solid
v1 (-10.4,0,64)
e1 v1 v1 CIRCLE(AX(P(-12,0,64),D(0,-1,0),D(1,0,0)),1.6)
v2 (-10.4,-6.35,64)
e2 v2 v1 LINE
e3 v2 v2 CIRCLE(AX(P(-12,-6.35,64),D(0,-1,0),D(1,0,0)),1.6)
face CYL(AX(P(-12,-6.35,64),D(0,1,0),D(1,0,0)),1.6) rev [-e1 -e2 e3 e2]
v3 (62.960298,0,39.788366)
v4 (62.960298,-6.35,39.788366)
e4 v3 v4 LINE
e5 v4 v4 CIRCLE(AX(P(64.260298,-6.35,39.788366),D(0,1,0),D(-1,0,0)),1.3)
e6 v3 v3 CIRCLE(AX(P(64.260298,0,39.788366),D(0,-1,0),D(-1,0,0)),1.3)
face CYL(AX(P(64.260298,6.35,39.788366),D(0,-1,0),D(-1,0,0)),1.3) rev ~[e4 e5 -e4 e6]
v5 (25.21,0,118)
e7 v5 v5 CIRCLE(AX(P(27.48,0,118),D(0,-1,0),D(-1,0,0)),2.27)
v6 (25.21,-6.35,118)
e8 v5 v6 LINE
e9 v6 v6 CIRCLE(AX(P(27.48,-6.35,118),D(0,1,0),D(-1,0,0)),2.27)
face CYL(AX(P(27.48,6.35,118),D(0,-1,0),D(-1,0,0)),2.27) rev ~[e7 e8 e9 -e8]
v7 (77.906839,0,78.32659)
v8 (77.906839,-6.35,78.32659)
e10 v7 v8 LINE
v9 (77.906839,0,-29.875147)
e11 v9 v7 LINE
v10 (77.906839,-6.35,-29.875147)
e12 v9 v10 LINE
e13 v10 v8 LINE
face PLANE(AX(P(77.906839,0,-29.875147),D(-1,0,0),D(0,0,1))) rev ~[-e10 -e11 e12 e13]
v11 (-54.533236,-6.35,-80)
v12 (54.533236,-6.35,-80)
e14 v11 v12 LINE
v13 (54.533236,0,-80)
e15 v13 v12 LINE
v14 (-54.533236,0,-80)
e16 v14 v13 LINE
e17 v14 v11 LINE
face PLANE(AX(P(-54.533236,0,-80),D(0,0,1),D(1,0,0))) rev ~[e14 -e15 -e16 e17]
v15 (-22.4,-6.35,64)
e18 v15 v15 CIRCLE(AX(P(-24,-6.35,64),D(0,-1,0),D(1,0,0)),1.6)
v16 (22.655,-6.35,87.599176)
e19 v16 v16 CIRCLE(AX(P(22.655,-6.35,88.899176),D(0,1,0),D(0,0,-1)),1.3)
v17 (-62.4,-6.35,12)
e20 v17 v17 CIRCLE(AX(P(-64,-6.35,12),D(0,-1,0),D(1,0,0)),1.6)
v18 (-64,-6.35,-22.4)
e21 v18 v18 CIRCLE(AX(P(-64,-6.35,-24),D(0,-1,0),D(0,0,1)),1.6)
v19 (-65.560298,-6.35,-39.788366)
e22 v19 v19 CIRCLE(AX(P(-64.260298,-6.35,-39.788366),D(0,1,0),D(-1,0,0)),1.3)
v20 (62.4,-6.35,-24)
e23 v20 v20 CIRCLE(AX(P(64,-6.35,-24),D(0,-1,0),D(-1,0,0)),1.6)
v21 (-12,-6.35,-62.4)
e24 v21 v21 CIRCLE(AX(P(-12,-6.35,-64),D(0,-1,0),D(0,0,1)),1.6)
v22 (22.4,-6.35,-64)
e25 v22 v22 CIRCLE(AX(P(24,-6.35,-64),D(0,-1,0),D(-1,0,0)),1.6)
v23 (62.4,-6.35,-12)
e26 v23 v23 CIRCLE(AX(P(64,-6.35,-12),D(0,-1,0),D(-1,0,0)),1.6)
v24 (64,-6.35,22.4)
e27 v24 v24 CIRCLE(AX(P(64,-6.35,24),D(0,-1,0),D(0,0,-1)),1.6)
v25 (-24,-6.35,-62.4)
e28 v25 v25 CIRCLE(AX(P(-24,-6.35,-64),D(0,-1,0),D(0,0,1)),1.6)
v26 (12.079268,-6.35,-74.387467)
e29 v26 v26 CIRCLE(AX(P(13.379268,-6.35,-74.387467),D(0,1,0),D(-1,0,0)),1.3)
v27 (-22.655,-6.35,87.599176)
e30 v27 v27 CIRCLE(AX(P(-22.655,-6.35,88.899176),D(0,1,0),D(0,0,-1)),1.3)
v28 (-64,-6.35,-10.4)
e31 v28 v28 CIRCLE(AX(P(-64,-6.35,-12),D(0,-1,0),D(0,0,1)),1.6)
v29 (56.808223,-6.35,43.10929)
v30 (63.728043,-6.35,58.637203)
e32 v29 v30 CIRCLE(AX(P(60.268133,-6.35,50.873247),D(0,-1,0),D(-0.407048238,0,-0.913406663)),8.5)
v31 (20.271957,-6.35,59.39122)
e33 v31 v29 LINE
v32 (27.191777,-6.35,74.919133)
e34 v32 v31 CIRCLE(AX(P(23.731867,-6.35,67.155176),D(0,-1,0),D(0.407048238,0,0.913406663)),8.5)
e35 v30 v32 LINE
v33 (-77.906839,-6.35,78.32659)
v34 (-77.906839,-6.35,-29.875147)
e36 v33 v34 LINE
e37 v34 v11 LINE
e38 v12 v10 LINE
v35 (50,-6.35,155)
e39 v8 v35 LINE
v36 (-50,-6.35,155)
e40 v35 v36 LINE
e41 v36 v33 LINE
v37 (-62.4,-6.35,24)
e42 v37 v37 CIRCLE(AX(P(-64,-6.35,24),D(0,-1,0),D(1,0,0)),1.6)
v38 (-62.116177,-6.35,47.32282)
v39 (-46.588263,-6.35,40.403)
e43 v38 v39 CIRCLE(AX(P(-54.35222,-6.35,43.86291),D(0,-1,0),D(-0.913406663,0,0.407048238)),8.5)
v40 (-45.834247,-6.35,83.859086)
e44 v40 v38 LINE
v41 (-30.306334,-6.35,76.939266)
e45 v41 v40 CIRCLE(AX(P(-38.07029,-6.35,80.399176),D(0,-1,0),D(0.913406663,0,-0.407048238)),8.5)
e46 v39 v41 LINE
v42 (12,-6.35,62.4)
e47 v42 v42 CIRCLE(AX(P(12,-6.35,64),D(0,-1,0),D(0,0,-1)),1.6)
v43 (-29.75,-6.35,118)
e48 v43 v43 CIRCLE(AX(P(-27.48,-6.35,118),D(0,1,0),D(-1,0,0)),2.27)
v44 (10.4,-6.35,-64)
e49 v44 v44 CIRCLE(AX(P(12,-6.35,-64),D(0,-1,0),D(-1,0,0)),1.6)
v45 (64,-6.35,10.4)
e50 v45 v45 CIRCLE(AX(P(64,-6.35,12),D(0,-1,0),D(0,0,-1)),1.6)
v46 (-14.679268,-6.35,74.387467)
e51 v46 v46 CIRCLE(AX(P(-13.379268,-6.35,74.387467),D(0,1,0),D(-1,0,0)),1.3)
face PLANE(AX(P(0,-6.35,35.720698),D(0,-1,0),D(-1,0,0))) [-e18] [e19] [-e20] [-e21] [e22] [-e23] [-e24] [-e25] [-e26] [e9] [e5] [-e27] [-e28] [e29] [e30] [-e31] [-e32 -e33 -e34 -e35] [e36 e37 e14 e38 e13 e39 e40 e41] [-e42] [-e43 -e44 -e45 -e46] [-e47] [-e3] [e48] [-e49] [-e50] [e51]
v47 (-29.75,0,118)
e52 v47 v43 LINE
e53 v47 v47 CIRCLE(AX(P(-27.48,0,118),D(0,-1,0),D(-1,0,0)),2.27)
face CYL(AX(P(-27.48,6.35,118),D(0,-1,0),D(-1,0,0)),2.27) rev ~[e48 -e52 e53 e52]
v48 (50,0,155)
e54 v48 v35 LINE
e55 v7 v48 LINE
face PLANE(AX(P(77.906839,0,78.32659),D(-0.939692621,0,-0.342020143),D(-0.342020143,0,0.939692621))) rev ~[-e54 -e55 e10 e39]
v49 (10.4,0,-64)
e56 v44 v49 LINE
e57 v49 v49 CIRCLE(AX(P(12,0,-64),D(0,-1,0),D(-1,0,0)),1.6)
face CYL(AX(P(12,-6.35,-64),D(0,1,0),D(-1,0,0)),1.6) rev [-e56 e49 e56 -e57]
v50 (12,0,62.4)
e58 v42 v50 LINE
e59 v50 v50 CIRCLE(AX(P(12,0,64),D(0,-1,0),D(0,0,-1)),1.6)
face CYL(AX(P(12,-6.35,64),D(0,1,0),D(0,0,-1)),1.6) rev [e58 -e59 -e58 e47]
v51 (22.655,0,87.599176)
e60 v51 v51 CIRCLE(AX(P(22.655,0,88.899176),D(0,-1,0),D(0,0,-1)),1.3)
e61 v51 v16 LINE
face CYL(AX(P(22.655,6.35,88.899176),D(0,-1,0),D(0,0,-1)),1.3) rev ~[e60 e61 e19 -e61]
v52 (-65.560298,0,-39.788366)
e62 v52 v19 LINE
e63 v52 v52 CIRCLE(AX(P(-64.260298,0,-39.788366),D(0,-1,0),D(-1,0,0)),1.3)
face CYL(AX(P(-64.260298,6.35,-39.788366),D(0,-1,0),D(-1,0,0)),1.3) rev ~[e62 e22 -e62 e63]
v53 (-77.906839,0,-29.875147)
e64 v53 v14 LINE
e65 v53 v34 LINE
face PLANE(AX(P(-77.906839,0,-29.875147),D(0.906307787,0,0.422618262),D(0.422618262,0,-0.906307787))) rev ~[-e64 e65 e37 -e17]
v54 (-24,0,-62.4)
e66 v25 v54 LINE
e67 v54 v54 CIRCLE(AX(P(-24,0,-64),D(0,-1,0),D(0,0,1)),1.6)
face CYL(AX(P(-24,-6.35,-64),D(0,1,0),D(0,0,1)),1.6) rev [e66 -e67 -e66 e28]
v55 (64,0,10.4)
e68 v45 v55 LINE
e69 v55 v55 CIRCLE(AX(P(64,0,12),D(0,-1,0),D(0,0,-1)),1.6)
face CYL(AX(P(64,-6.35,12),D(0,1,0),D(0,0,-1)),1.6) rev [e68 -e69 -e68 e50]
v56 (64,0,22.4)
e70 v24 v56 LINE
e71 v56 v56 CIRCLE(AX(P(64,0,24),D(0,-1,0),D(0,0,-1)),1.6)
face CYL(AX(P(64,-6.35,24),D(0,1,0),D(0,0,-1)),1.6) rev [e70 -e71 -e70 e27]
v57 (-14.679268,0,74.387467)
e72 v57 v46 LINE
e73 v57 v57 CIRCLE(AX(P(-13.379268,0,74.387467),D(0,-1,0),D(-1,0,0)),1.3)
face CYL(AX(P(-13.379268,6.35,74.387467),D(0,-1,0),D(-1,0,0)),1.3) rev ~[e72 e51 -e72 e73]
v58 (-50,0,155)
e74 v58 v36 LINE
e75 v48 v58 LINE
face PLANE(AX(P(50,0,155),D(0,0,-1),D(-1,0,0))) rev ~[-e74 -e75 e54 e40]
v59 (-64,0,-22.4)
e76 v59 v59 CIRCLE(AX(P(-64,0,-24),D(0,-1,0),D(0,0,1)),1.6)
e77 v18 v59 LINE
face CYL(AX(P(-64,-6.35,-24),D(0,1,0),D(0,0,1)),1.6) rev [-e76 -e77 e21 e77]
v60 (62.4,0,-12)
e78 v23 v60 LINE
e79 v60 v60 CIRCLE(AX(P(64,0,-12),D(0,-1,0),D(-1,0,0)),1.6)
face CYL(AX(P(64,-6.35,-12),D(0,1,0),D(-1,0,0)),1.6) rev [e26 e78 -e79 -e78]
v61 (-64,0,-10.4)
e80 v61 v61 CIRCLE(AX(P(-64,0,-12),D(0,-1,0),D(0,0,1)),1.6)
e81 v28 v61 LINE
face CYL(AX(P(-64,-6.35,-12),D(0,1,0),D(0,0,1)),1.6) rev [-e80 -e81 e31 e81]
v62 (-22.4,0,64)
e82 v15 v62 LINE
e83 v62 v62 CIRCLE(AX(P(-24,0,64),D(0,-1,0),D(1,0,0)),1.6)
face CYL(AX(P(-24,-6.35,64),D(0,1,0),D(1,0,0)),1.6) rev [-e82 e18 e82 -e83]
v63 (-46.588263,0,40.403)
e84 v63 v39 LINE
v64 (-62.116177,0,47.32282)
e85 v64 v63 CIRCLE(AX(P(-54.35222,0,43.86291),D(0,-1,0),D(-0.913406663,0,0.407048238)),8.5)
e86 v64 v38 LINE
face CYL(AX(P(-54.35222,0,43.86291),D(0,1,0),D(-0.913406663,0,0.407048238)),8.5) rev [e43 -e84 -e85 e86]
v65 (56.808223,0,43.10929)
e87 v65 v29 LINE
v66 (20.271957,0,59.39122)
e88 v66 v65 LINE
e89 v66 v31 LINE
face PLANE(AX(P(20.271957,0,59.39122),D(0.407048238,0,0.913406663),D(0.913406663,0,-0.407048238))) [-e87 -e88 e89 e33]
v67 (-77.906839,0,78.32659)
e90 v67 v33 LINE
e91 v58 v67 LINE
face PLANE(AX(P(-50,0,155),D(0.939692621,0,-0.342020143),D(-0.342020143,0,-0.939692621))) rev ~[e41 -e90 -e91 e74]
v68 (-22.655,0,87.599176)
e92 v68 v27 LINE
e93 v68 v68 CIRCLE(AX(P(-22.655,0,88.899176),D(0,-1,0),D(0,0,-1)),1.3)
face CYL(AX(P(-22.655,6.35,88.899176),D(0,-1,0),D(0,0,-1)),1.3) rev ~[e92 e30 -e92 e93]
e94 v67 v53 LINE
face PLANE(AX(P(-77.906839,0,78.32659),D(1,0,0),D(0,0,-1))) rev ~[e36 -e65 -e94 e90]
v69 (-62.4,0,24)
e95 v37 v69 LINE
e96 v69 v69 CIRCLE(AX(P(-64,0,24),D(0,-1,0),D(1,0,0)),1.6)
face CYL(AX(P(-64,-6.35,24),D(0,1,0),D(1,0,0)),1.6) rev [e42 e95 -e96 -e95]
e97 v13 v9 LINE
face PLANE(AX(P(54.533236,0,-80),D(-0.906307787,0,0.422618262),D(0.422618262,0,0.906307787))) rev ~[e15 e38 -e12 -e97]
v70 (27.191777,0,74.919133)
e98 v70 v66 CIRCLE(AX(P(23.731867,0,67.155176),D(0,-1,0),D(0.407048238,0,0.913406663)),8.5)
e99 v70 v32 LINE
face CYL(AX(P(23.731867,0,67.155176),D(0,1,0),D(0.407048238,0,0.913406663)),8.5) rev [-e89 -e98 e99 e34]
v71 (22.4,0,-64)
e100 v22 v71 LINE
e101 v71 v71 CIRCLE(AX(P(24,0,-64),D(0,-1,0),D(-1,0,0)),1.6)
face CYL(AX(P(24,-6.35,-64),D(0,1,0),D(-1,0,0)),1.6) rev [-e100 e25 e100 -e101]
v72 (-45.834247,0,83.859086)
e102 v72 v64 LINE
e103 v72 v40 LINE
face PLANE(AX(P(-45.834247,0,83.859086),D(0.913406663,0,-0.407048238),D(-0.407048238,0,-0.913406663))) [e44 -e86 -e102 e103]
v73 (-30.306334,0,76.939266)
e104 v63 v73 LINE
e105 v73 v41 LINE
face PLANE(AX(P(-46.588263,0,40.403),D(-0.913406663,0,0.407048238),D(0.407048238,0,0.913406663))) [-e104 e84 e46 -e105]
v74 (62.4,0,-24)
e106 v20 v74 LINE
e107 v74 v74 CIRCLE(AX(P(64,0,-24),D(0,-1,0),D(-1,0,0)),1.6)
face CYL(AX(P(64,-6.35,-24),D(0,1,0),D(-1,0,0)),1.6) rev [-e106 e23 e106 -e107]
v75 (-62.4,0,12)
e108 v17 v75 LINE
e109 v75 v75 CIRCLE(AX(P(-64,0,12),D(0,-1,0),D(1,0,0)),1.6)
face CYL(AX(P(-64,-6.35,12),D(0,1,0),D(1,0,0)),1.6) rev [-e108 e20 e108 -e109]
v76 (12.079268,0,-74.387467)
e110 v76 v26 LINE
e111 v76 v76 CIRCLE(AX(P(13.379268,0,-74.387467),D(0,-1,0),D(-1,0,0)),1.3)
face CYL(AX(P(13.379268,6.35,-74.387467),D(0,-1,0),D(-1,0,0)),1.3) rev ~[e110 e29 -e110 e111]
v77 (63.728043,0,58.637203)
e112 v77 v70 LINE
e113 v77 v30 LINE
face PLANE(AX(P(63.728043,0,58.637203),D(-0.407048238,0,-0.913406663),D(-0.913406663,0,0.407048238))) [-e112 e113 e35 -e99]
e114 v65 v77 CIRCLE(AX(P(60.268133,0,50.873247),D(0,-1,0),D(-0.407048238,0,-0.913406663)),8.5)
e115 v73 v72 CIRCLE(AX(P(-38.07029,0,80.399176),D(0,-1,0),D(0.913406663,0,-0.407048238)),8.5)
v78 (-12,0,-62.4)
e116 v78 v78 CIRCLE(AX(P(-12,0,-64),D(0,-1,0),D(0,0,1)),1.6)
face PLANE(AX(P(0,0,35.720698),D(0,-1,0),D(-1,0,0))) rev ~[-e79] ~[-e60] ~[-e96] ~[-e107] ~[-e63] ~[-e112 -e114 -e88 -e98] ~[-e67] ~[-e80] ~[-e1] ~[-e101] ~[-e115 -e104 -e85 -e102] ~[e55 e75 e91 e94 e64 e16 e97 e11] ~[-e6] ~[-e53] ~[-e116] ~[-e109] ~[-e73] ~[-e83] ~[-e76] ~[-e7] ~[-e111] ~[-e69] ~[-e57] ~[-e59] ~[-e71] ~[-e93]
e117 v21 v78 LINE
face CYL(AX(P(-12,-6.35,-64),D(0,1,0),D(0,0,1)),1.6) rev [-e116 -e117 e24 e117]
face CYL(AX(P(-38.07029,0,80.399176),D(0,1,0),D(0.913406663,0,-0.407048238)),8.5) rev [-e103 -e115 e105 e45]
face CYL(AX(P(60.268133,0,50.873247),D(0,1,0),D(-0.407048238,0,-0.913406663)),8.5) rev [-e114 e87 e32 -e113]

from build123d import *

# Parameters (mm, degrees)
PLATE_DEPTH                  = 6.35
D_GAGEMENT_M32_AT_2_COUNT    = 2
D_GAGEMENT_M32_AT_2_PITCH    = 12
D_GAGEMENT_M32_AT_3_COUNT    = 2
D_GAGEMENT_M32_AT_3_PITCH    = 56.568542495
D_GAGEMENT_M32_AT_4_COUNT    = 2
D_GAGEMENT_M32_AT_4_PITCH    = 65.604877867
R_P_TITION_CIRCULAIRE2_COUNT = 4
D_GAGEMENT_M33_D             = 2.6
D_GAGEMENT_M33_DEPTH         = 6.35
D_GAGEMENT_M33_TIP           = 0.781118805
D_GAGEMENT_M51_D             = 4.54
D_GAGEMENT_M51_DEPTH         = 6.35
D_GAGEMENT_M51_TIP           = 1.363953605
BOLTPATTERNPUCK_D            = 2.6
BOLTPATTERNPUCK_DEPTH        = 6.35
BOLTPATTERNPUCK_TIP          = 0.781118805
ENL_V_MAT_EXTRU_1_DEPTH      = 6.35


with BuildPart() as part:
    # Esquisse3 → Plate (new body)
    with BuildSketch(Plane(origin=(0, 0, 0), x_dir=(1, 0, 0), z_dir=(0, 1, 0))):
        Polygon((-54.533236369, 80), (54.533236369, 80), (77.906839173, 29.875147031), (77.906839173, -78.326589525), (50, -155), (-50, -155), (-77.906839173, -78.326589525), (-77.906839173, 29.875147031), align=None)
    extrude(amount=-PLATE_DEPTH)

    # Esquisse10 → Dégagement M32 (revolve, cut)
    with BuildSketch(Plane(origin=(-24, 0, -64), x_dir=(0, 0, 1), z_dir=(1, 0, 0))):
        Polygon((0, 0), (0, 7.31137699), (1.6, 6.35), (1.6, 0), align=None)
    d_gagement_m32 = revolve(axis=Axis((-24, 6.35, -64), (0, -1, 0)), mode=Mode.SUBTRACT)

    # Dégagement M32 at 2: Dégagement M32 ×2
    with Locations(*[(i * D_GAGEMENT_M32_AT_2_PITCH, 0, 0) for i in range(1, D_GAGEMENT_M32_AT_2_COUNT)]):
        add(d_gagement_m32, mode=Mode.SUBTRACT)

    # Dégagement M32 at 3: Dégagement M32 ×2
    with Locations(*[Vector(-0.7071067811865476, 0, 0.7071067811865475) * (i * D_GAGEMENT_M32_AT_3_PITCH) for i in range(1, D_GAGEMENT_M32_AT_3_COUNT)]):
        add(d_gagement_m32, mode=Mode.SUBTRACT)

    # Dégagement M32 at 4: Dégagement M32 ×2
    with Locations(*[Vector(-0.6097107608496924, 0, 0.7926239891046001) * (i * D_GAGEMENT_M32_AT_4_PITCH) for i in range(1, D_GAGEMENT_M32_AT_4_COUNT)]):
        add(d_gagement_m32, mode=Mode.SUBTRACT)

    # Répétition circulaire2: Dégagement M32 ×4 about axis
    r_p_tition_circulaire2_axis = Axis((0, 0, 0), (0, 1, 0))
    for i in range(1, R_P_TITION_CIRCULAIRE2_COUNT):
        add(d_gagement_m32.rotate(r_p_tition_circulaire2_axis, i * 360 / R_P_TITION_CIRCULAIRE2_COUNT), mode=Mode.SUBTRACT)

    # Répétition circulaire2 copy 1 sketch → Répétition circulaire2 copy 1 (revolve, cut)
    with BuildSketch(Plane(origin=(-64, 0, 12), x_dir=(1, 0, 0), z_dir=(0, 0, -1))):
        Polygon((0, 0), (0, 7.31137699), (1.6, 6.35), (1.6, 0), align=None)
    revolve(axis=Axis((-64, 6.35, 12), (0, -1, 0)), mode=Mode.SUBTRACT)

    # Répétition circulaire2 copy 2 sketch → Répétition circulaire2 copy 2 (revolve, cut)
    with BuildSketch(Plane(origin=(12, 0, 64), x_dir=(0, 0, -1), z_dir=(-1, 0, 0))):
        Polygon((0, 0), (0, 7.31137699), (1.6, 6.35), (1.6, 0), align=None)
    revolve(axis=Axis((12, 6.35, 64), (0, -1, 0)), mode=Mode.SUBTRACT)

    # Répétition circulaire2 copy 3 sketch → Répétition circulaire2 copy 3 (revolve, cut)
    with BuildSketch(Plane(origin=(64, 0, -12), x_dir=(-1, 0, 0), z_dir=(0, 0, 1))):
        Polygon((0, 0), (0, 7.31137699), (1.6, 6.35), (1.6, 0), align=None)
    revolve(axis=Axis((64, 6.35, -12), (0, -1, 0)), mode=Mode.SUBTRACT)

    # Répétition circulaire2 copy 4 sketch → Répétition circulaire2 copy 4 (revolve, cut)
    with BuildSketch(Plane(origin=(-24, 0, 64), x_dir=(1, 0, 0), z_dir=(0, 0, -1))):
        Polygon((0, 0), (0, 7.31137699), (1.6, 6.35), (1.6, 0), align=None)
    revolve(axis=Axis((-24, 6.35, 64), (0, -1, 0)), mode=Mode.SUBTRACT)

    # Répétition circulaire2 copy 5 sketch → Répétition circulaire2 copy 5 (revolve, cut)
    with BuildSketch(Plane(origin=(64, 0, 24), x_dir=(0, 0, -1), z_dir=(-1, 0, 0))):
        Polygon((0, 0), (0, 7.31137699), (1.6, 6.35), (1.6, 0), align=None)
    revolve(axis=Axis((64, 6.35, 24), (0, -1, 0)), mode=Mode.SUBTRACT)

    # Répétition circulaire2 copy 6 sketch → Répétition circulaire2 copy 6 (revolve, cut)
    with BuildSketch(Plane(origin=(24, 0, -64), x_dir=(-1, 0, 0), z_dir=(0, 0, 1))):
        Polygon((0, 0), (0, 7.31137699), (1.6, 6.35), (1.6, 0), align=None)
    revolve(axis=Axis((24, 6.35, -64), (0, -1, 0)), mode=Mode.SUBTRACT)

    # Répétition circulaire2 copy 7 sketch → Répétition circulaire2 copy 7 (revolve, cut)
    with BuildSketch(Plane(origin=(-12, 0, 64), x_dir=(1, 0, 0), z_dir=(0, 0, -1))):
        Polygon((0, 0), (0, 7.31137699), (1.6, 6.35), (1.6, 0), align=None)
    revolve(axis=Axis((-12, 6.35, 64), (0, -1, 0)), mode=Mode.SUBTRACT)

    # Répétition circulaire2 copy 8 sketch → Répétition circulaire2 copy 8 (revolve, cut)
    with BuildSketch(Plane(origin=(64, 0, 12), x_dir=(0, 0, -1), z_dir=(-1, 0, 0))):
        Polygon((0, 0), (0, 7.31137699), (1.6, 6.35), (1.6, 0), align=None)
    revolve(axis=Axis((64, 6.35, 12), (0, -1, 0)), mode=Mode.SUBTRACT)

    # Répétition circulaire2 copy 9 sketch → Répétition circulaire2 copy 9 (revolve, cut)
    with BuildSketch(Plane(origin=(12, 0, -64), x_dir=(-1, 0, 0), z_dir=(0, 0, 1))):
        Polygon((0, 0), (0, 7.31137699), (1.6, 6.35), (1.6, 0), align=None)
    revolve(axis=Axis((12, 6.35, -64), (0, -1, 0)), mode=Mode.SUBTRACT)

    # Dégagement M33
    with Locations(Plane(origin=(0, 0, 0), x_dir=(1, 0, 0), z_dir=(0, 1, 0))):
        with Locations((13.379268261, 74.387466557), (-64.260298072, 39.788366286), (-13.379268261, -74.387466557), (64.260298072, -39.788366286)):
            Hole(D_GAGEMENT_M33_D / 2, depth=D_GAGEMENT_M33_DEPTH)
            with Locations((0, 0, -(D_GAGEMENT_M33_DEPTH + D_GAGEMENT_M33_TIP / 2))):  # 118° drill point
                Cone(0, D_GAGEMENT_M33_D / 2, D_GAGEMENT_M33_TIP, mode=Mode.SUBTRACT)

    # Dégagement M51
    with Locations(Plane(origin=(0, 0, 0), x_dir=(1, 0, 0), z_dir=(0, 1, 0))):
        with Locations((-27.48, -118), (27.48, -118)):
            Hole(D_GAGEMENT_M51_D / 2, depth=D_GAGEMENT_M51_DEPTH)
            with Locations((0, 0, -(D_GAGEMENT_M51_DEPTH + D_GAGEMENT_M51_TIP / 2))):  # 118° drill point
                Cone(0, D_GAGEMENT_M51_D / 2, D_GAGEMENT_M51_TIP, mode=Mode.SUBTRACT)

    # BoltPatternPuck
    with Locations(Plane(origin=(-22.655, 0, 88.899176296), x_dir=(0, 0, 1), z_dir=(0, 1, 0))):
        with Locations((0, 0), (0, 45.31)):
            Hole(BOLTPATTERNPUCK_D / 2, depth=BOLTPATTERNPUCK_DEPTH)
            with Locations((0, 0, -(BOLTPATTERNPUCK_DEPTH + BOLTPATTERNPUCK_TIP / 2))):  # 118° drill point
                Cone(0, BOLTPATTERNPUCK_D / 2, BOLTPATTERNPUCK_TIP, mode=Mode.SUBTRACT)

    # Esquisse19 → Enlèv. mat.-Extru.1 (cut)
    with BuildSketch(Plane(origin=(0, 0, 0), x_dir=(1, 0, 0), z_dir=(0, 1, 0))):
        with BuildLine():
            Line((20.271956718, -59.39121964), (56.808223228, -43.1092901))
            ThreePointArc((56.808223228, -43.1092901), (68.032089888, -47.413336706), (63.728043282, -58.637203367))
            Line((63.728043282, -58.637203367), (27.191776772, -74.919132906))
            ThreePointArc((27.191776772, -74.919132906), (15.967910112, -70.6150863), (20.271956718, -59.39121964))
        make_face()
        with BuildLine():
            Line((-46.588263316, -40.402999759), (-30.306333777, -76.939266269))
            ThreePointArc((-30.306333777, -76.939266269), (-34.610380383, -88.163132929), (-45.834247043, -83.859086323))
            Line((-45.834247043, -83.859086323), (-62.116176583, -47.322819813))
            ThreePointArc((-62.116176583, -47.322819813), (-57.812129976, -36.098953153), (-46.588263316, -40.402999759))
        make_face()
    extrude(amount=-ENL_V_MAT_EXTRU_1_DEPTH, mode=Mode.SUBTRACT)


solid = part.part
